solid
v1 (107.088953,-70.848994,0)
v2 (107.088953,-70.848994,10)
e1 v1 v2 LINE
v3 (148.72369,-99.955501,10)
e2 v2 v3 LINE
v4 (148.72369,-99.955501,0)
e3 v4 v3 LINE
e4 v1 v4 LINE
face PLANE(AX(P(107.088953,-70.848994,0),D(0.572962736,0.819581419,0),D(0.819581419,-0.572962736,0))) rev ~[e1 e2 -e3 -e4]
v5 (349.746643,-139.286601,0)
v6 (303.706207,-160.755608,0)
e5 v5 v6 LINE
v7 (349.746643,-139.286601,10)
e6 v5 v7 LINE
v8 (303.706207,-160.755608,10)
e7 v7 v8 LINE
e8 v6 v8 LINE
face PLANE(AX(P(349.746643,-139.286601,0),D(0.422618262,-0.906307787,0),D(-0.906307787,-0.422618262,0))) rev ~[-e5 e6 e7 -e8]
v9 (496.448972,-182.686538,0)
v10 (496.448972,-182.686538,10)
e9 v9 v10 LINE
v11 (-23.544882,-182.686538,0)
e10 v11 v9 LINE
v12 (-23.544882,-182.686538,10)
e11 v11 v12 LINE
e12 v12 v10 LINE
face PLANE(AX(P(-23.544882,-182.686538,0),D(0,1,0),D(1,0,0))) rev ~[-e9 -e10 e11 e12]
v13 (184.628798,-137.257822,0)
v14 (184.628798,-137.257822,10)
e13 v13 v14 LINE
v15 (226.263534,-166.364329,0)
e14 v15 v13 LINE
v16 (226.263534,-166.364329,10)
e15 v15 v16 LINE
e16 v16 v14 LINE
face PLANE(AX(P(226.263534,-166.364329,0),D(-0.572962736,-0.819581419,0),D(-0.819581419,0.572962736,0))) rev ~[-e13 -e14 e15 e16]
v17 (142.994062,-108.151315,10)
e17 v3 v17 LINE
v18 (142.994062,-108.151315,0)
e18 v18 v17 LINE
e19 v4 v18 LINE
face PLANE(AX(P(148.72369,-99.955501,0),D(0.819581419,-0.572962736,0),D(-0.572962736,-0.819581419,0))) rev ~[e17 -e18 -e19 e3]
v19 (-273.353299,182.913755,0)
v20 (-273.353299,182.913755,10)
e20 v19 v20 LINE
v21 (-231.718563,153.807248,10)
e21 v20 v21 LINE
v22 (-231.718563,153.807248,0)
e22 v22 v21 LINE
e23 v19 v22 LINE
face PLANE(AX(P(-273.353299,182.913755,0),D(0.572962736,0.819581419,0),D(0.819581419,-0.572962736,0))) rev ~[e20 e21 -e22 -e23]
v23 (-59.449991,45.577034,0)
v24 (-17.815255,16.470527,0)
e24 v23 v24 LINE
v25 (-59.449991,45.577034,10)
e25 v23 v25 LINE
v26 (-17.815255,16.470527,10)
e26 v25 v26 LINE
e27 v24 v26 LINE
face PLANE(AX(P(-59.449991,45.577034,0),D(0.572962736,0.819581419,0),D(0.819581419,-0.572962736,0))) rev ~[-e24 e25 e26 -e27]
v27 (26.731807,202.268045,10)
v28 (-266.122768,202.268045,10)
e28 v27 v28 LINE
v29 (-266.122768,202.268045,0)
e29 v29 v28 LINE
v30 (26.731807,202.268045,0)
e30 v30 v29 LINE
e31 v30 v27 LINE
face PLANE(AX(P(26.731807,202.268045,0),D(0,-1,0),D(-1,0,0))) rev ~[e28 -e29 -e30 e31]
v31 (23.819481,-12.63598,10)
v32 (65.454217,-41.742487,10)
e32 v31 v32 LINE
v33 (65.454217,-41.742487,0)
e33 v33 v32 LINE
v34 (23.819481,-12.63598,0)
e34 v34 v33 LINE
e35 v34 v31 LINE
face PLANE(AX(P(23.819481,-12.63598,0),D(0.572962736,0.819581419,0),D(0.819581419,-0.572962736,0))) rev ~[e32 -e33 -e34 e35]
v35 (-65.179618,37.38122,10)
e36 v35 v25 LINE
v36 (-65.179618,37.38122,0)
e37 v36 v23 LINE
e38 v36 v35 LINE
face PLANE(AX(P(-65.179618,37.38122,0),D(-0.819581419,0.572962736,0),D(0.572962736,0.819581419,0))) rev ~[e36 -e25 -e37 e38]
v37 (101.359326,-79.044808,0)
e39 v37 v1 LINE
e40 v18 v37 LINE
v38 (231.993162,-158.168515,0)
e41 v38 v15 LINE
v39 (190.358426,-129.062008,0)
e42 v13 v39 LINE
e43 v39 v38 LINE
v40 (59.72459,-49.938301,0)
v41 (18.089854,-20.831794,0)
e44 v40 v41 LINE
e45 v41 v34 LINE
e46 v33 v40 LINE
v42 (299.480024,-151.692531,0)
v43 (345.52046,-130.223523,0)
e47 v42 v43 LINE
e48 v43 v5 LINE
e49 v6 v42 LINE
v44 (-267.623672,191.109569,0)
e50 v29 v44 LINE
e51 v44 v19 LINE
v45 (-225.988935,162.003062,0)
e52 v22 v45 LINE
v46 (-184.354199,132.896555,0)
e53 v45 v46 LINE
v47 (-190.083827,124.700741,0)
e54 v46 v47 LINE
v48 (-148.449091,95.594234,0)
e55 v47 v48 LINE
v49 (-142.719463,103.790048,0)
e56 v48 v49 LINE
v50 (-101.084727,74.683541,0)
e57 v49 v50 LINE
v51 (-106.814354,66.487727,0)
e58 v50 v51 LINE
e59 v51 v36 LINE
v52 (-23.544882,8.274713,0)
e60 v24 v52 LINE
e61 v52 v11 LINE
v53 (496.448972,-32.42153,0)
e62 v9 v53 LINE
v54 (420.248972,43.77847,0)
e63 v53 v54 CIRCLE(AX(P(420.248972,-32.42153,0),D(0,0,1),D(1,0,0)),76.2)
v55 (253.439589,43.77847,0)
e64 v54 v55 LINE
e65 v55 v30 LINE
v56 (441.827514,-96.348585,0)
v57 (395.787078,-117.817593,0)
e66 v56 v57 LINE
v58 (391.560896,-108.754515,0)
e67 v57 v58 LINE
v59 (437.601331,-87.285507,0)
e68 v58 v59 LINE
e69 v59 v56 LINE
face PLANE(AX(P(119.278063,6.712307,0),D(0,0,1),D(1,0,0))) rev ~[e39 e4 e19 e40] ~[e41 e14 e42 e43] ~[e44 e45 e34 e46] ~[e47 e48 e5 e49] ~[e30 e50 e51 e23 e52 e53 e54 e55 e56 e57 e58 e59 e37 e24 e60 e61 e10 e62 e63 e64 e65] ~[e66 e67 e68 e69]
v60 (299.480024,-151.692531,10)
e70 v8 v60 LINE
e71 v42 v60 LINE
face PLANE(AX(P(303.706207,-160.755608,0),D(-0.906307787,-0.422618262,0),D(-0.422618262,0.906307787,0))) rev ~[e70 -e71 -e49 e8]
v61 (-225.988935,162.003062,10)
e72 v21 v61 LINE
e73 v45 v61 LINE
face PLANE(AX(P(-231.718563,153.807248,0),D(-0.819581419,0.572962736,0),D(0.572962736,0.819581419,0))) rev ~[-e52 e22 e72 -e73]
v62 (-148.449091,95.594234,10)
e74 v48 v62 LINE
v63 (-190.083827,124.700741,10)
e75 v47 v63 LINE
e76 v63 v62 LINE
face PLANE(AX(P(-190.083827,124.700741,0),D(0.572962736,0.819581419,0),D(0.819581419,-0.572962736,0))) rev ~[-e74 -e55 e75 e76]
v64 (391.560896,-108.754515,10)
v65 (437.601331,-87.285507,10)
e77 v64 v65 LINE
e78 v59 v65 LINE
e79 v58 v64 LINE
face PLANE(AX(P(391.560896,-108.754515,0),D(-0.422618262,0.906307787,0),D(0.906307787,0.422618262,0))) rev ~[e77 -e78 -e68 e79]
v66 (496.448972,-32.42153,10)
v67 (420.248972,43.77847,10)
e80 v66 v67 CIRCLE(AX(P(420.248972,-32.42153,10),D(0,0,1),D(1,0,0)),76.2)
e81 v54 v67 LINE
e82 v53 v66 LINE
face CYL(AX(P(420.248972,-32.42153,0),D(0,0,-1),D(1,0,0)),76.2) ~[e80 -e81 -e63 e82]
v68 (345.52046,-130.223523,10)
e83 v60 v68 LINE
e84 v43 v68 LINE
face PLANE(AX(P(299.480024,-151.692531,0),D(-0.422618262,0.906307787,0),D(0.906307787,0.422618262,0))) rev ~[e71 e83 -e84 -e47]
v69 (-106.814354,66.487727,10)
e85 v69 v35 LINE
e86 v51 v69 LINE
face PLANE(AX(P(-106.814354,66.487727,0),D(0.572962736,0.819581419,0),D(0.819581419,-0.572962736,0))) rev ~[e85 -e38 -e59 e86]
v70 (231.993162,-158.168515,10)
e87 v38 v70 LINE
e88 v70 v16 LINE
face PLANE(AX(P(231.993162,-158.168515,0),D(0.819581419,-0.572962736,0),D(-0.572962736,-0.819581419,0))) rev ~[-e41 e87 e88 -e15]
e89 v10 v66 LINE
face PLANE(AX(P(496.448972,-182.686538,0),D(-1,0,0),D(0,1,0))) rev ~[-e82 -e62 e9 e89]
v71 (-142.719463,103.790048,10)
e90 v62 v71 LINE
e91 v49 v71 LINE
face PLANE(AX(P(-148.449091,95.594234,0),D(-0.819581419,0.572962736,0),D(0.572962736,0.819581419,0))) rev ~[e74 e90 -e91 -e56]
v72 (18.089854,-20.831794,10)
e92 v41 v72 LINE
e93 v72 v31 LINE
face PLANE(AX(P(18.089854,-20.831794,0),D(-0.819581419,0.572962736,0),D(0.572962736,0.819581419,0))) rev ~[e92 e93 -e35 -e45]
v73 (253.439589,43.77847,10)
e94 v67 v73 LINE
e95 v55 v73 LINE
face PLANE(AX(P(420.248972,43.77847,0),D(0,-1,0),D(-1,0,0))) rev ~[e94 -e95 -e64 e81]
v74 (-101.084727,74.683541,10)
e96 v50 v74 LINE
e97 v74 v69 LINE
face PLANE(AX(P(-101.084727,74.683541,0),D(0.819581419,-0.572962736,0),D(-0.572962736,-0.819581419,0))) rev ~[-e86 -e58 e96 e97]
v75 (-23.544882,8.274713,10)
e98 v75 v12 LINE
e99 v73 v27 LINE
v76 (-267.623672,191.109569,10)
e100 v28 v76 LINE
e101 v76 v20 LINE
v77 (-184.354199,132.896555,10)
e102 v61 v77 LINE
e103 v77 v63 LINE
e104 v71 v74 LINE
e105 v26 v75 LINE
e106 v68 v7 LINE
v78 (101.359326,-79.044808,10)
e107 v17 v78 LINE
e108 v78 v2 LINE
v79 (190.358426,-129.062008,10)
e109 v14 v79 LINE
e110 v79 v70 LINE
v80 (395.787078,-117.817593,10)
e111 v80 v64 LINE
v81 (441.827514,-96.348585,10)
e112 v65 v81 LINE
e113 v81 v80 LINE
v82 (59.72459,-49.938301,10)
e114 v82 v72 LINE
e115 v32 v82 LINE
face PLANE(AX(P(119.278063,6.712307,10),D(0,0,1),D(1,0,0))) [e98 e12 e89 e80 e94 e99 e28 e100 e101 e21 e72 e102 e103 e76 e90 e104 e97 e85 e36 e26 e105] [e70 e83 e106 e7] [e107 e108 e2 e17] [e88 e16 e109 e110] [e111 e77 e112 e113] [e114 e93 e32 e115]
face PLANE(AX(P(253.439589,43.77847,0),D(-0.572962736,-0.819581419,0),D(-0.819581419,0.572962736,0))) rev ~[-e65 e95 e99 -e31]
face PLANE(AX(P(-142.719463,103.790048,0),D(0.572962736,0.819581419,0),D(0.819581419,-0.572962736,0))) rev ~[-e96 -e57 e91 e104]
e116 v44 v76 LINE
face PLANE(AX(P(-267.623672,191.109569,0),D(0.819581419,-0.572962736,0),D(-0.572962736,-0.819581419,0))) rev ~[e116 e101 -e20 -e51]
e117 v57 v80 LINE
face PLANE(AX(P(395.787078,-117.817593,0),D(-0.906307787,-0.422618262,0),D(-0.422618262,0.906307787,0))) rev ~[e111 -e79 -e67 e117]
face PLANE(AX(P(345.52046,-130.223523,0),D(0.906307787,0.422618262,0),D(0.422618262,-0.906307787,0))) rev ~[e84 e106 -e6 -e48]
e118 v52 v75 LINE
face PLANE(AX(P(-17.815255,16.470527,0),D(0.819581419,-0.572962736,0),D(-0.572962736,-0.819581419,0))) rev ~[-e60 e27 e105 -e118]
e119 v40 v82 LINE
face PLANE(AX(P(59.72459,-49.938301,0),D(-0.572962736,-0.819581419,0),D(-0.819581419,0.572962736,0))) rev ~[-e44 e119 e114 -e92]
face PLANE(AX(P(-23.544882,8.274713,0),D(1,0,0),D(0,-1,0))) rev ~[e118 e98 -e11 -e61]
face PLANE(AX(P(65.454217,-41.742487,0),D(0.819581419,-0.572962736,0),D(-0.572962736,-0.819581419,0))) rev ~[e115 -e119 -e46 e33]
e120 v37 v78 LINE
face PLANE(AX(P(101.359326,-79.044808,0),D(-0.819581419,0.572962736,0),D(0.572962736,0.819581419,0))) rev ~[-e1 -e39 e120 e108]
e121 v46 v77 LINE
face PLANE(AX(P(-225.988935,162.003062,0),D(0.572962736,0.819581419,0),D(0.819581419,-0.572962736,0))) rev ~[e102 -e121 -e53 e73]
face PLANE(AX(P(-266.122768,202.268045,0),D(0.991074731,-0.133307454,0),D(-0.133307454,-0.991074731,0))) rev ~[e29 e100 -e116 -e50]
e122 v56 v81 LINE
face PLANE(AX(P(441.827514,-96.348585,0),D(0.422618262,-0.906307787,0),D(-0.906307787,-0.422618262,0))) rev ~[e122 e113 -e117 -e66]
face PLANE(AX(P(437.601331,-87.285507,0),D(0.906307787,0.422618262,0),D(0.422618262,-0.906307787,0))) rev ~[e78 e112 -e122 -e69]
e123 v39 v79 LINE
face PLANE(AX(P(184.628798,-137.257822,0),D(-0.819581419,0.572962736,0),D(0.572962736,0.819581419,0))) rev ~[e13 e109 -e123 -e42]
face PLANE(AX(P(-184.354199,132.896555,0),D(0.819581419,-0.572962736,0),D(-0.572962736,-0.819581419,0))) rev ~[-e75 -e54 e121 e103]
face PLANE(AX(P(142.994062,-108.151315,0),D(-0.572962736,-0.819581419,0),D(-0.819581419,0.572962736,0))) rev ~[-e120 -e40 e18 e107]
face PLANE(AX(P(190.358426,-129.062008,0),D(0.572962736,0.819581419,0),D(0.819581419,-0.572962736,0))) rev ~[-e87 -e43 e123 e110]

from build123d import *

# Parameters (mm, degrees)
BOSS_EXTRUDE1_DEPTH = 10


with BuildPart() as part:
    # Sketch1 → Boss-Extrude1 (new body)
    with BuildSketch(Plane.XY):
        with BuildLine():
            Line((26.73180705, 202.268045215), (-266.122767511, 202.268045215))
            Line((-266.122767511, 202.268045215), (-267.623671515, 191.109569167))
            Line((-267.623671515, 191.109569167), (-273.353298876, 182.913754973))
            Line((-273.353298876, 182.913754973), (-231.718562767, 153.807247983))
            Line((-231.718562767, 153.807247983), (-225.988935407, 162.003062177))
            Line((-225.988935407, 162.003062177), (-184.354199298, 132.896555187))
            Line((-184.354199298, 132.896555187), (-190.083826658, 124.700740993))
            Line((-190.083826658, 124.700740993), (-148.449090549, 95.594234003))
            Line((-148.449090549, 95.594234003), (-142.719463189, 103.790048198))
            Line((-142.719463189, 103.790048198), (-101.084727081, 74.683541208))
            Line((-101.084727081, 74.683541208), (-106.814354441, 66.487727013))
            Line((-106.814354441, 66.487727013), (-65.179618332, 37.381220023))
            Line((-65.179618332, 37.381220023), (-59.449990972, 45.577034218))
            Line((-59.449990972, 45.577034218), (-17.815254863, 16.470527228))
            Line((-17.815254863, 16.470527228), (-23.544882223, 8.274713033))
            Line((-23.544882223, 8.274713033), (-23.544882223, -182.686538243))
            Line((-23.544882223, -182.686538243), (496.44897172, -182.686538243))
            Line((496.44897172, -182.686538243), (496.44897172, -32.421529871))
            ThreePointArc((496.44897172, -32.421529871), (474.130508447, 21.460006856), (420.24897172, 43.778470129))
            Line((420.24897172, 43.778470129), (253.439588816, 43.778470129))
            Line((253.439588816, 43.778470129), (26.73180705, 202.268045215))
        make_face()
        Polygon((23.819481246, -12.635979762), (65.454217354, -41.742486752), (59.724589994, -49.938300947), (18.089853885, -20.831793957), align=None, mode=Mode.SUBTRACT)
        Polygon((107.088953463, -70.848993742), (148.723689572, -99.955500732), (142.994062212, -108.151314927), (101.359326103, -79.044807937), align=None, mode=Mode.SUBTRACT)
        Polygon((190.358425681, -129.062007722), (231.993161789, -158.168514712), (226.263534429, -166.364328907), (184.62879832, -137.257821917), align=None, mode=Mode.SUBTRACT)
        Polygon((299.480024398, -151.692530547), (345.520459979, -130.22352285), (349.746642597, -139.28660072), (303.706207015, -160.755608417), align=None, mode=Mode.SUBTRACT)
        Polygon((391.560895561, -108.754515154), (437.601331142, -87.285507457), (441.82751376, -96.348585328), (395.787078178, -117.817593024), align=None, mode=Mode.SUBTRACT)
    extrude(amount=BOSS_EXTRUDE1_DEPTH)


solid = part.part
